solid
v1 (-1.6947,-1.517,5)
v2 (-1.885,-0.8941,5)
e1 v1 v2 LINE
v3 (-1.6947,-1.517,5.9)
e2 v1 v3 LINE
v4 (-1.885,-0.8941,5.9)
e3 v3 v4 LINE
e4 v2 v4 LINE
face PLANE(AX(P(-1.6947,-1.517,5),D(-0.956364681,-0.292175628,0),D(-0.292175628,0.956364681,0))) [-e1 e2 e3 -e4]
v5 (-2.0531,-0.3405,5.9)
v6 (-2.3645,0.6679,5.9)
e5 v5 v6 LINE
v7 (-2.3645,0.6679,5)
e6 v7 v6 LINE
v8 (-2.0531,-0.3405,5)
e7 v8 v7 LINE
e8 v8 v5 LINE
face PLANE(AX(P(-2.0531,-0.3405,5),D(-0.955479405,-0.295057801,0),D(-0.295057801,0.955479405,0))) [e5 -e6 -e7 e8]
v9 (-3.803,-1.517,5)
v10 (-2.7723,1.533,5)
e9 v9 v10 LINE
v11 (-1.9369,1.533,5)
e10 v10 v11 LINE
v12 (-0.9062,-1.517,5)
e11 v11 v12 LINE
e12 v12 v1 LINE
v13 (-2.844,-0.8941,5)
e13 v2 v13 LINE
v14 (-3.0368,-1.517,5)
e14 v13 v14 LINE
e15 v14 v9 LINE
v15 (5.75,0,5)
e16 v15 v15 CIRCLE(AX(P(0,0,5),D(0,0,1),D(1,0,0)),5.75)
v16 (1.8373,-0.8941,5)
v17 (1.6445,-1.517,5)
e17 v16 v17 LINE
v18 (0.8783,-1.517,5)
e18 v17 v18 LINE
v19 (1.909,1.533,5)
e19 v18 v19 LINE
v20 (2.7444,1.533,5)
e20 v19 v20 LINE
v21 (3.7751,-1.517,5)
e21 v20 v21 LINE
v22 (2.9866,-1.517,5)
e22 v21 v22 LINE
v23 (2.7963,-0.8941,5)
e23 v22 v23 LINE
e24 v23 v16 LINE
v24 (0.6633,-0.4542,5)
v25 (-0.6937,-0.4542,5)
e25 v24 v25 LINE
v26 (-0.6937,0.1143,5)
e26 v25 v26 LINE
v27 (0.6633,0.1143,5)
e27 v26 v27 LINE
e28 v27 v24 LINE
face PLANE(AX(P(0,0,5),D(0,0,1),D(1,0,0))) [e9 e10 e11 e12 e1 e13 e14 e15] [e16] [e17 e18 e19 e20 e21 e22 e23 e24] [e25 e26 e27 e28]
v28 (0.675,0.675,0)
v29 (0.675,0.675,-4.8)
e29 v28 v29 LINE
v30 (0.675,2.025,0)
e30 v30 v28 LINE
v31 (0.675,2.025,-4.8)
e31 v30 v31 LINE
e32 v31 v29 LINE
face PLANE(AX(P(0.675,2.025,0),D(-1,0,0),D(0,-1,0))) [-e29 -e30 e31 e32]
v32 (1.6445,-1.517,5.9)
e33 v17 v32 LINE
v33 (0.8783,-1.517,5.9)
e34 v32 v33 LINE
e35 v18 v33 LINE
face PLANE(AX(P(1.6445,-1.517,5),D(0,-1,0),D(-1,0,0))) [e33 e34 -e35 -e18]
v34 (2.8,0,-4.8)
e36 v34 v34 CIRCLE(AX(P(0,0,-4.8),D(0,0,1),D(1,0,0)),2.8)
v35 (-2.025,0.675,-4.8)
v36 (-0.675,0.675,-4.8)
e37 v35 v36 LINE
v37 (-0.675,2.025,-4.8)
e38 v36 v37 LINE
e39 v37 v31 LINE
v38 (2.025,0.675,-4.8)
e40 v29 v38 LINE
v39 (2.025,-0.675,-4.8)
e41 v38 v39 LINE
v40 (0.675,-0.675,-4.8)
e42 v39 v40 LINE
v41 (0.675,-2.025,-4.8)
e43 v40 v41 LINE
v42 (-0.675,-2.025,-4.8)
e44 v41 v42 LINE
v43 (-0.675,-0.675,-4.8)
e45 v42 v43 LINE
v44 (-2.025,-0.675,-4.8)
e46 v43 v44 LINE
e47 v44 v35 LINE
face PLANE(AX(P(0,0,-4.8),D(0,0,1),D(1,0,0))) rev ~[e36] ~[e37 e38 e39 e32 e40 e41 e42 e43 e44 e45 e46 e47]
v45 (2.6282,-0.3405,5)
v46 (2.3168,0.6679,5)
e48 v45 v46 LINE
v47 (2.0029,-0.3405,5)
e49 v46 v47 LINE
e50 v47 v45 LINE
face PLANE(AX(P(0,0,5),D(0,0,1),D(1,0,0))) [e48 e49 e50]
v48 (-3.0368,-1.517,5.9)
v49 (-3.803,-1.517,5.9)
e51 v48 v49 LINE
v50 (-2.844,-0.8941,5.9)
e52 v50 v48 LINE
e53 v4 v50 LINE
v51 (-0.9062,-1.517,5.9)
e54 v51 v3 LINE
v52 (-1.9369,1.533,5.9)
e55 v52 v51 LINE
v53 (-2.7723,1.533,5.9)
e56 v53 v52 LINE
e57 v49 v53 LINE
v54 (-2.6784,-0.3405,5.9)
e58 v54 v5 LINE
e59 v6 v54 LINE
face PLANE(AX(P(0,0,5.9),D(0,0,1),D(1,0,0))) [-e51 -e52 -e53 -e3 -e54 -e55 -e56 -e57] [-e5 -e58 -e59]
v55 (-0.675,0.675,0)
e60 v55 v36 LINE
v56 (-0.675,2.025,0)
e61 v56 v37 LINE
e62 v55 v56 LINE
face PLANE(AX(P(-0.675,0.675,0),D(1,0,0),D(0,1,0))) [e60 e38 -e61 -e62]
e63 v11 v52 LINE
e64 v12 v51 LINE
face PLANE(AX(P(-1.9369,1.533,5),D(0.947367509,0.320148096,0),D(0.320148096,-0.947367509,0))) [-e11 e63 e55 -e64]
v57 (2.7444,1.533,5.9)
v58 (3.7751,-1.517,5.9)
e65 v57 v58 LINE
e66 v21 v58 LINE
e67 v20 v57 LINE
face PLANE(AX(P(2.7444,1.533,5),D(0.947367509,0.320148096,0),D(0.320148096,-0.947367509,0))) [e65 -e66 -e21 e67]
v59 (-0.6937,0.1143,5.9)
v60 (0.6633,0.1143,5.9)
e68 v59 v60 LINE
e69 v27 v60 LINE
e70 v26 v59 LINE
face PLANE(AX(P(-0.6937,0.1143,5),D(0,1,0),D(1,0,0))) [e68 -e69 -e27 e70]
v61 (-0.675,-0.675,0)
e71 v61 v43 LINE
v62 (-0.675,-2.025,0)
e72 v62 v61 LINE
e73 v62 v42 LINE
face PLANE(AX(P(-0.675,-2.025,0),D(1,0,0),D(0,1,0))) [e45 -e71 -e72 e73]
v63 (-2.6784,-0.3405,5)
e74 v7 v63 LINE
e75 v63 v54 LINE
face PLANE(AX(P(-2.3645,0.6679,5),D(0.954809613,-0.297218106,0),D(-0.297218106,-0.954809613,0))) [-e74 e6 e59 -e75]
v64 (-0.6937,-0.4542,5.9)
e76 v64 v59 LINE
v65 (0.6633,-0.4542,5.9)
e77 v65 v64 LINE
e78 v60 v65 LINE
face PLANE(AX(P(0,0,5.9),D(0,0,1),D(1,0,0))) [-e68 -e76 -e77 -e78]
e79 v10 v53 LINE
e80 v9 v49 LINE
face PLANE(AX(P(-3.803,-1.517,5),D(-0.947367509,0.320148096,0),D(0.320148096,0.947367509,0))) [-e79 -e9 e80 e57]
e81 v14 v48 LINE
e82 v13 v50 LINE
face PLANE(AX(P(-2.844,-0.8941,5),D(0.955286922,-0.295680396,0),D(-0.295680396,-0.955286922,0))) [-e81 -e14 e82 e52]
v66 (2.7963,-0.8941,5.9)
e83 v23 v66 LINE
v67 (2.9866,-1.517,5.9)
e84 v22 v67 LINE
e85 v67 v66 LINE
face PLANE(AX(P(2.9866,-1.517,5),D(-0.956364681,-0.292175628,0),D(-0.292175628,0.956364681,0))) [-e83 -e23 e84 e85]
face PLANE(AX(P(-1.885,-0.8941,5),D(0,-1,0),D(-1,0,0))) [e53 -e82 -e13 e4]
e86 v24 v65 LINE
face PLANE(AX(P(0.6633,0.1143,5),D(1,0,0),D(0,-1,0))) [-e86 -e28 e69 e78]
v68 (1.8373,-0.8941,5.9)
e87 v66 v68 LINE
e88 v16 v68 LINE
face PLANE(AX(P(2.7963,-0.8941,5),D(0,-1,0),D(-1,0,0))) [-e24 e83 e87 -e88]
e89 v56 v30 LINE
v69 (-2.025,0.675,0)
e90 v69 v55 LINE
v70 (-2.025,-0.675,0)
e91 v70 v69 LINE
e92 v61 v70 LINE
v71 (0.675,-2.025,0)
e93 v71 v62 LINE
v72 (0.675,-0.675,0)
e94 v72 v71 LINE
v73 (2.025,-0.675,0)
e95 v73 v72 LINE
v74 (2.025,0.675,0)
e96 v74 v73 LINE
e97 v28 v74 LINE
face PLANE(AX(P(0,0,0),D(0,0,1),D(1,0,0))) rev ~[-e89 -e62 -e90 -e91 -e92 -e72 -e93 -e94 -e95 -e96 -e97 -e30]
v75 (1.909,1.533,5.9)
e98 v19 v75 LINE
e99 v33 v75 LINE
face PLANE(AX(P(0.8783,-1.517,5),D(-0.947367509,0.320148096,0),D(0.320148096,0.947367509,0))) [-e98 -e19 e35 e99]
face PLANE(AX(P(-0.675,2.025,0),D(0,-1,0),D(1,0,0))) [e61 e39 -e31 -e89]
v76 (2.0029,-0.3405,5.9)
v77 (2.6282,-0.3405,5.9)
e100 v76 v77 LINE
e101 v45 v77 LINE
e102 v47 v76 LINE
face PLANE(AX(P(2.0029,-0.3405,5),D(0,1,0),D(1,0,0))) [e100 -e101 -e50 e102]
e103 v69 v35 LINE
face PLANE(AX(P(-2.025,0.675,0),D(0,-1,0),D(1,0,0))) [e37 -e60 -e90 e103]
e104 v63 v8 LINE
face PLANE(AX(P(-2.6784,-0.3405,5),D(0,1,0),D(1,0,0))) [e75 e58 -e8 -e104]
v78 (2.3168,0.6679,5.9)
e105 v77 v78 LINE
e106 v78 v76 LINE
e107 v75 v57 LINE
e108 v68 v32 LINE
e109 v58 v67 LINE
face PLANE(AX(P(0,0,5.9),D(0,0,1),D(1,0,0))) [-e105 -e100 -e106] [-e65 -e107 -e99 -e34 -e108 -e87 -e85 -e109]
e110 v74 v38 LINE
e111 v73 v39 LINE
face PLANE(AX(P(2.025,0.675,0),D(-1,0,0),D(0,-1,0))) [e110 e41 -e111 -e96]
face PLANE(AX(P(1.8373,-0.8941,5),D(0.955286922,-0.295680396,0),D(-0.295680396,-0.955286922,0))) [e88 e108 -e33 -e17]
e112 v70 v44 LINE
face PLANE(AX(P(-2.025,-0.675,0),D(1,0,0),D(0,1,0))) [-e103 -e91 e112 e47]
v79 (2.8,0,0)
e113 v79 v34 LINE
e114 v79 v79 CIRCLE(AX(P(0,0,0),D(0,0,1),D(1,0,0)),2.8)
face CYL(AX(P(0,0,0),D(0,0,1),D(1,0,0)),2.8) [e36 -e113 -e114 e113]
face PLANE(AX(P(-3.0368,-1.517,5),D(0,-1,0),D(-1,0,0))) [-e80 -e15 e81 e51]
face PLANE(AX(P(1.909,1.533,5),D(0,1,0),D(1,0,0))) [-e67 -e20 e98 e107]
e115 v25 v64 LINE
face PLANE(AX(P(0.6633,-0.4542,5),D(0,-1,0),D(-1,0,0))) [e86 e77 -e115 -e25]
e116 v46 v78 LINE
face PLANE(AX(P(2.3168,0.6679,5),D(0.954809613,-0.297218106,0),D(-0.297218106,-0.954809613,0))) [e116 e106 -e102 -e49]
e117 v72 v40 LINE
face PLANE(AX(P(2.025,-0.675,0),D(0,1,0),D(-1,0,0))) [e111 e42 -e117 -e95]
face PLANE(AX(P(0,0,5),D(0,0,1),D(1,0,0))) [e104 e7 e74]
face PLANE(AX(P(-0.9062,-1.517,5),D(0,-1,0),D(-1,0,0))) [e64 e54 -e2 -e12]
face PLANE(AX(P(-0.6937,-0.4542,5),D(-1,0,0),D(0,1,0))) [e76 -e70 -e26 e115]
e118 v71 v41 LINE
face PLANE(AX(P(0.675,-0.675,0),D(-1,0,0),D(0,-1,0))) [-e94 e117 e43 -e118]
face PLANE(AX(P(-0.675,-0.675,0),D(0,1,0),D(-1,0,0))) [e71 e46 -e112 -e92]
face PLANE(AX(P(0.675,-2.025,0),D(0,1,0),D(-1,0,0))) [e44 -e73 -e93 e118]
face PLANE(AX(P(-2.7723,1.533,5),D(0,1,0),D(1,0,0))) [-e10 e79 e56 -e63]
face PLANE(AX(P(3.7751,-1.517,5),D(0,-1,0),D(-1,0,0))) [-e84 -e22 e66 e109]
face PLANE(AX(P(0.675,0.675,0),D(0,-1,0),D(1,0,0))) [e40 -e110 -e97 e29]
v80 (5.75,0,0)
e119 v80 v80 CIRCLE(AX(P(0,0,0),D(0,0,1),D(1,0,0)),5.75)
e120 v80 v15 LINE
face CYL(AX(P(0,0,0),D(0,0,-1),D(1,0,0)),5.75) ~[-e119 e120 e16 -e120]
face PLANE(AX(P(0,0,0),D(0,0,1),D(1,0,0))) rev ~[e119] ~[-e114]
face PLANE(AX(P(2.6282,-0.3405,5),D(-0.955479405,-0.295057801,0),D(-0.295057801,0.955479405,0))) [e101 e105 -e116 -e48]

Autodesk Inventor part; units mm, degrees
ref_plane "YZ Plane" through (0, 0, 0) normal (1, 0, 0) x (0, 1, 0)
ref_plane "XZ Plane" through (0, 0, 0) normal (0, 1, 0) x (-1, 0, 0)
ref_plane "XY Plane" through (0, 0, 0) normal (0, 0, 1) x (1, 0, 0)
sketch "Sketch1" plane through (0, 0, 0) normal (0, 0, 1) x (1, 0, 0)
  circle A0 centre (0, 0) radius 6.22 construction
  circle A1 centre (0, 0) radius 2.8
  line L0 (-0.675, 0.675) -> (-0.675, 2.025)
  line L1 (-0.675, 2.025) -> (0.675, 2.025)
  line L2 (0.675, 2.025) -> (0.675, 0.675)
  line L3 (0.675, 0.675) -> (2.025, 0.675)
  line L4 (2.025, 0.675) -> (2.025, -0.675)
  line L5 (2.025, -0.675) -> (0.675, -0.675)
  line L6 (0.675, -0.675) -> (0.675, -2.025)
  line L7 (0.675, -2.025) -> (-0.675, -2.025)
  line L8 (-0.675, -2.025) -> (-0.675, -0.675)
  line L9 (-0.675, -0.675) -> (-2.025, -0.675)
  line L10 (-2.025, -0.675) -> (-2.025, 0.675)
  line L11 (-2.025, 0.675) -> (-0.675, 0.675)
  circle A2 centre (0, 0) radius 5.75
  point P0 (-6.07, -6.1)
  dimension "d0" = 12.44
  dimension "d1" = 0.47
extrude "Extrusion1" add sketch "Sketch1" along normal blind 5 contours A1 | L0 L1 L2 L3 L4 L5 L6 L7 L8 L9 L10 L11 | A2
extrude "Extrusion2" add sketch "Sketch1" against normal blind 4.8 contours A1
sketch "Sketch2" plane through (0, 0, 5) normal (0, 0, 1) x (1, 0, 0)
  point P0 (0, 0)
sketch "Sketch3" plane through (0, 0, 5) normal (0, 0, 1) x (1, 0, 0)
  line L0 (-3.7906, 1.533) -> (3.7906, 1.533) construction
  line L1 (3.7906, 1.533) -> (3.7906, -1.533) construction
  line L2 (3.7906, -1.533) -> (-3.7906, -1.533) construction
  line L3 (-3.7906, -1.533) -> (-3.7906, 1.533) construction
  line L4 (-3.803, -1.517) -> (-2.7723, 1.533)
  line L5 (-2.7723, 1.533) -> (-1.9369, 1.533)
  line L6 (-1.9369, 1.533) -> (-0.9062, -1.517)
  line L7 (-0.9062, -1.517) -> (-1.6947, -1.517)
  line L8 (-1.6947, -1.517) -> (-1.885, -0.8941)
  line L9 (-1.885, -0.8941) -> (-2.844, -0.8941)
  line L10 (-2.844, -0.8941) -> (-3.0368, -1.517)
  line L11 (-3.0368, -1.517) -> (-3.803, -1.517)
  line L12 (-2.0531, -0.3405) -> (-2.3645, 0.6679)
  line L13 (-2.3645, 0.6679) -> (-2.6784, -0.3405)
  line L14 (-2.6784, -0.3405) -> (-2.0531, -0.3405)
  line L15 (0.6633, -0.4542) -> (-0.6937, -0.4542)
  line L16 (-0.6937, -0.4542) -> (-0.6937, 0.1143)
  line L17 (-0.6937, 0.1143) -> (0.6633, 0.1143)
  line L18 (0.6633, 0.1143) -> (0.6633, -0.4542)
  line L19 (0.8783, -1.517) -> (1.909, 1.533)
  line L20 (1.909, 1.533) -> (2.7444, 1.533)
  line L21 (2.7444, 1.533) -> (3.7751, -1.517)
  line L22 (3.7751, -1.517) -> (2.9866, -1.517)
  line L23 (2.9866, -1.517) -> (2.7963, -0.8941)
  line L24 (2.7963, -0.8941) -> (1.8373, -0.8941)
  line L25 (1.8373, -0.8941) -> (1.6445, -1.517)
  line L26 (1.6445, -1.517) -> (0.8783, -1.517)
  line L27 (2.6282, -0.3405) -> (2.3168, 0.6679)
  line L28 (2.3168, 0.6679) -> (2.0029, -0.3405)
  line L29 (2.0029, -0.3405) -> (2.6282, -0.3405)
  point P0 (0, -1.533)
  point P1 (3.7906, 0)
  point P2 (0, 0)
  point P3 (0, 0)
extrude "Extrusion6" add sketch "Sketch3" along normal blind 0.9
properties part number "IPC A-A key"
